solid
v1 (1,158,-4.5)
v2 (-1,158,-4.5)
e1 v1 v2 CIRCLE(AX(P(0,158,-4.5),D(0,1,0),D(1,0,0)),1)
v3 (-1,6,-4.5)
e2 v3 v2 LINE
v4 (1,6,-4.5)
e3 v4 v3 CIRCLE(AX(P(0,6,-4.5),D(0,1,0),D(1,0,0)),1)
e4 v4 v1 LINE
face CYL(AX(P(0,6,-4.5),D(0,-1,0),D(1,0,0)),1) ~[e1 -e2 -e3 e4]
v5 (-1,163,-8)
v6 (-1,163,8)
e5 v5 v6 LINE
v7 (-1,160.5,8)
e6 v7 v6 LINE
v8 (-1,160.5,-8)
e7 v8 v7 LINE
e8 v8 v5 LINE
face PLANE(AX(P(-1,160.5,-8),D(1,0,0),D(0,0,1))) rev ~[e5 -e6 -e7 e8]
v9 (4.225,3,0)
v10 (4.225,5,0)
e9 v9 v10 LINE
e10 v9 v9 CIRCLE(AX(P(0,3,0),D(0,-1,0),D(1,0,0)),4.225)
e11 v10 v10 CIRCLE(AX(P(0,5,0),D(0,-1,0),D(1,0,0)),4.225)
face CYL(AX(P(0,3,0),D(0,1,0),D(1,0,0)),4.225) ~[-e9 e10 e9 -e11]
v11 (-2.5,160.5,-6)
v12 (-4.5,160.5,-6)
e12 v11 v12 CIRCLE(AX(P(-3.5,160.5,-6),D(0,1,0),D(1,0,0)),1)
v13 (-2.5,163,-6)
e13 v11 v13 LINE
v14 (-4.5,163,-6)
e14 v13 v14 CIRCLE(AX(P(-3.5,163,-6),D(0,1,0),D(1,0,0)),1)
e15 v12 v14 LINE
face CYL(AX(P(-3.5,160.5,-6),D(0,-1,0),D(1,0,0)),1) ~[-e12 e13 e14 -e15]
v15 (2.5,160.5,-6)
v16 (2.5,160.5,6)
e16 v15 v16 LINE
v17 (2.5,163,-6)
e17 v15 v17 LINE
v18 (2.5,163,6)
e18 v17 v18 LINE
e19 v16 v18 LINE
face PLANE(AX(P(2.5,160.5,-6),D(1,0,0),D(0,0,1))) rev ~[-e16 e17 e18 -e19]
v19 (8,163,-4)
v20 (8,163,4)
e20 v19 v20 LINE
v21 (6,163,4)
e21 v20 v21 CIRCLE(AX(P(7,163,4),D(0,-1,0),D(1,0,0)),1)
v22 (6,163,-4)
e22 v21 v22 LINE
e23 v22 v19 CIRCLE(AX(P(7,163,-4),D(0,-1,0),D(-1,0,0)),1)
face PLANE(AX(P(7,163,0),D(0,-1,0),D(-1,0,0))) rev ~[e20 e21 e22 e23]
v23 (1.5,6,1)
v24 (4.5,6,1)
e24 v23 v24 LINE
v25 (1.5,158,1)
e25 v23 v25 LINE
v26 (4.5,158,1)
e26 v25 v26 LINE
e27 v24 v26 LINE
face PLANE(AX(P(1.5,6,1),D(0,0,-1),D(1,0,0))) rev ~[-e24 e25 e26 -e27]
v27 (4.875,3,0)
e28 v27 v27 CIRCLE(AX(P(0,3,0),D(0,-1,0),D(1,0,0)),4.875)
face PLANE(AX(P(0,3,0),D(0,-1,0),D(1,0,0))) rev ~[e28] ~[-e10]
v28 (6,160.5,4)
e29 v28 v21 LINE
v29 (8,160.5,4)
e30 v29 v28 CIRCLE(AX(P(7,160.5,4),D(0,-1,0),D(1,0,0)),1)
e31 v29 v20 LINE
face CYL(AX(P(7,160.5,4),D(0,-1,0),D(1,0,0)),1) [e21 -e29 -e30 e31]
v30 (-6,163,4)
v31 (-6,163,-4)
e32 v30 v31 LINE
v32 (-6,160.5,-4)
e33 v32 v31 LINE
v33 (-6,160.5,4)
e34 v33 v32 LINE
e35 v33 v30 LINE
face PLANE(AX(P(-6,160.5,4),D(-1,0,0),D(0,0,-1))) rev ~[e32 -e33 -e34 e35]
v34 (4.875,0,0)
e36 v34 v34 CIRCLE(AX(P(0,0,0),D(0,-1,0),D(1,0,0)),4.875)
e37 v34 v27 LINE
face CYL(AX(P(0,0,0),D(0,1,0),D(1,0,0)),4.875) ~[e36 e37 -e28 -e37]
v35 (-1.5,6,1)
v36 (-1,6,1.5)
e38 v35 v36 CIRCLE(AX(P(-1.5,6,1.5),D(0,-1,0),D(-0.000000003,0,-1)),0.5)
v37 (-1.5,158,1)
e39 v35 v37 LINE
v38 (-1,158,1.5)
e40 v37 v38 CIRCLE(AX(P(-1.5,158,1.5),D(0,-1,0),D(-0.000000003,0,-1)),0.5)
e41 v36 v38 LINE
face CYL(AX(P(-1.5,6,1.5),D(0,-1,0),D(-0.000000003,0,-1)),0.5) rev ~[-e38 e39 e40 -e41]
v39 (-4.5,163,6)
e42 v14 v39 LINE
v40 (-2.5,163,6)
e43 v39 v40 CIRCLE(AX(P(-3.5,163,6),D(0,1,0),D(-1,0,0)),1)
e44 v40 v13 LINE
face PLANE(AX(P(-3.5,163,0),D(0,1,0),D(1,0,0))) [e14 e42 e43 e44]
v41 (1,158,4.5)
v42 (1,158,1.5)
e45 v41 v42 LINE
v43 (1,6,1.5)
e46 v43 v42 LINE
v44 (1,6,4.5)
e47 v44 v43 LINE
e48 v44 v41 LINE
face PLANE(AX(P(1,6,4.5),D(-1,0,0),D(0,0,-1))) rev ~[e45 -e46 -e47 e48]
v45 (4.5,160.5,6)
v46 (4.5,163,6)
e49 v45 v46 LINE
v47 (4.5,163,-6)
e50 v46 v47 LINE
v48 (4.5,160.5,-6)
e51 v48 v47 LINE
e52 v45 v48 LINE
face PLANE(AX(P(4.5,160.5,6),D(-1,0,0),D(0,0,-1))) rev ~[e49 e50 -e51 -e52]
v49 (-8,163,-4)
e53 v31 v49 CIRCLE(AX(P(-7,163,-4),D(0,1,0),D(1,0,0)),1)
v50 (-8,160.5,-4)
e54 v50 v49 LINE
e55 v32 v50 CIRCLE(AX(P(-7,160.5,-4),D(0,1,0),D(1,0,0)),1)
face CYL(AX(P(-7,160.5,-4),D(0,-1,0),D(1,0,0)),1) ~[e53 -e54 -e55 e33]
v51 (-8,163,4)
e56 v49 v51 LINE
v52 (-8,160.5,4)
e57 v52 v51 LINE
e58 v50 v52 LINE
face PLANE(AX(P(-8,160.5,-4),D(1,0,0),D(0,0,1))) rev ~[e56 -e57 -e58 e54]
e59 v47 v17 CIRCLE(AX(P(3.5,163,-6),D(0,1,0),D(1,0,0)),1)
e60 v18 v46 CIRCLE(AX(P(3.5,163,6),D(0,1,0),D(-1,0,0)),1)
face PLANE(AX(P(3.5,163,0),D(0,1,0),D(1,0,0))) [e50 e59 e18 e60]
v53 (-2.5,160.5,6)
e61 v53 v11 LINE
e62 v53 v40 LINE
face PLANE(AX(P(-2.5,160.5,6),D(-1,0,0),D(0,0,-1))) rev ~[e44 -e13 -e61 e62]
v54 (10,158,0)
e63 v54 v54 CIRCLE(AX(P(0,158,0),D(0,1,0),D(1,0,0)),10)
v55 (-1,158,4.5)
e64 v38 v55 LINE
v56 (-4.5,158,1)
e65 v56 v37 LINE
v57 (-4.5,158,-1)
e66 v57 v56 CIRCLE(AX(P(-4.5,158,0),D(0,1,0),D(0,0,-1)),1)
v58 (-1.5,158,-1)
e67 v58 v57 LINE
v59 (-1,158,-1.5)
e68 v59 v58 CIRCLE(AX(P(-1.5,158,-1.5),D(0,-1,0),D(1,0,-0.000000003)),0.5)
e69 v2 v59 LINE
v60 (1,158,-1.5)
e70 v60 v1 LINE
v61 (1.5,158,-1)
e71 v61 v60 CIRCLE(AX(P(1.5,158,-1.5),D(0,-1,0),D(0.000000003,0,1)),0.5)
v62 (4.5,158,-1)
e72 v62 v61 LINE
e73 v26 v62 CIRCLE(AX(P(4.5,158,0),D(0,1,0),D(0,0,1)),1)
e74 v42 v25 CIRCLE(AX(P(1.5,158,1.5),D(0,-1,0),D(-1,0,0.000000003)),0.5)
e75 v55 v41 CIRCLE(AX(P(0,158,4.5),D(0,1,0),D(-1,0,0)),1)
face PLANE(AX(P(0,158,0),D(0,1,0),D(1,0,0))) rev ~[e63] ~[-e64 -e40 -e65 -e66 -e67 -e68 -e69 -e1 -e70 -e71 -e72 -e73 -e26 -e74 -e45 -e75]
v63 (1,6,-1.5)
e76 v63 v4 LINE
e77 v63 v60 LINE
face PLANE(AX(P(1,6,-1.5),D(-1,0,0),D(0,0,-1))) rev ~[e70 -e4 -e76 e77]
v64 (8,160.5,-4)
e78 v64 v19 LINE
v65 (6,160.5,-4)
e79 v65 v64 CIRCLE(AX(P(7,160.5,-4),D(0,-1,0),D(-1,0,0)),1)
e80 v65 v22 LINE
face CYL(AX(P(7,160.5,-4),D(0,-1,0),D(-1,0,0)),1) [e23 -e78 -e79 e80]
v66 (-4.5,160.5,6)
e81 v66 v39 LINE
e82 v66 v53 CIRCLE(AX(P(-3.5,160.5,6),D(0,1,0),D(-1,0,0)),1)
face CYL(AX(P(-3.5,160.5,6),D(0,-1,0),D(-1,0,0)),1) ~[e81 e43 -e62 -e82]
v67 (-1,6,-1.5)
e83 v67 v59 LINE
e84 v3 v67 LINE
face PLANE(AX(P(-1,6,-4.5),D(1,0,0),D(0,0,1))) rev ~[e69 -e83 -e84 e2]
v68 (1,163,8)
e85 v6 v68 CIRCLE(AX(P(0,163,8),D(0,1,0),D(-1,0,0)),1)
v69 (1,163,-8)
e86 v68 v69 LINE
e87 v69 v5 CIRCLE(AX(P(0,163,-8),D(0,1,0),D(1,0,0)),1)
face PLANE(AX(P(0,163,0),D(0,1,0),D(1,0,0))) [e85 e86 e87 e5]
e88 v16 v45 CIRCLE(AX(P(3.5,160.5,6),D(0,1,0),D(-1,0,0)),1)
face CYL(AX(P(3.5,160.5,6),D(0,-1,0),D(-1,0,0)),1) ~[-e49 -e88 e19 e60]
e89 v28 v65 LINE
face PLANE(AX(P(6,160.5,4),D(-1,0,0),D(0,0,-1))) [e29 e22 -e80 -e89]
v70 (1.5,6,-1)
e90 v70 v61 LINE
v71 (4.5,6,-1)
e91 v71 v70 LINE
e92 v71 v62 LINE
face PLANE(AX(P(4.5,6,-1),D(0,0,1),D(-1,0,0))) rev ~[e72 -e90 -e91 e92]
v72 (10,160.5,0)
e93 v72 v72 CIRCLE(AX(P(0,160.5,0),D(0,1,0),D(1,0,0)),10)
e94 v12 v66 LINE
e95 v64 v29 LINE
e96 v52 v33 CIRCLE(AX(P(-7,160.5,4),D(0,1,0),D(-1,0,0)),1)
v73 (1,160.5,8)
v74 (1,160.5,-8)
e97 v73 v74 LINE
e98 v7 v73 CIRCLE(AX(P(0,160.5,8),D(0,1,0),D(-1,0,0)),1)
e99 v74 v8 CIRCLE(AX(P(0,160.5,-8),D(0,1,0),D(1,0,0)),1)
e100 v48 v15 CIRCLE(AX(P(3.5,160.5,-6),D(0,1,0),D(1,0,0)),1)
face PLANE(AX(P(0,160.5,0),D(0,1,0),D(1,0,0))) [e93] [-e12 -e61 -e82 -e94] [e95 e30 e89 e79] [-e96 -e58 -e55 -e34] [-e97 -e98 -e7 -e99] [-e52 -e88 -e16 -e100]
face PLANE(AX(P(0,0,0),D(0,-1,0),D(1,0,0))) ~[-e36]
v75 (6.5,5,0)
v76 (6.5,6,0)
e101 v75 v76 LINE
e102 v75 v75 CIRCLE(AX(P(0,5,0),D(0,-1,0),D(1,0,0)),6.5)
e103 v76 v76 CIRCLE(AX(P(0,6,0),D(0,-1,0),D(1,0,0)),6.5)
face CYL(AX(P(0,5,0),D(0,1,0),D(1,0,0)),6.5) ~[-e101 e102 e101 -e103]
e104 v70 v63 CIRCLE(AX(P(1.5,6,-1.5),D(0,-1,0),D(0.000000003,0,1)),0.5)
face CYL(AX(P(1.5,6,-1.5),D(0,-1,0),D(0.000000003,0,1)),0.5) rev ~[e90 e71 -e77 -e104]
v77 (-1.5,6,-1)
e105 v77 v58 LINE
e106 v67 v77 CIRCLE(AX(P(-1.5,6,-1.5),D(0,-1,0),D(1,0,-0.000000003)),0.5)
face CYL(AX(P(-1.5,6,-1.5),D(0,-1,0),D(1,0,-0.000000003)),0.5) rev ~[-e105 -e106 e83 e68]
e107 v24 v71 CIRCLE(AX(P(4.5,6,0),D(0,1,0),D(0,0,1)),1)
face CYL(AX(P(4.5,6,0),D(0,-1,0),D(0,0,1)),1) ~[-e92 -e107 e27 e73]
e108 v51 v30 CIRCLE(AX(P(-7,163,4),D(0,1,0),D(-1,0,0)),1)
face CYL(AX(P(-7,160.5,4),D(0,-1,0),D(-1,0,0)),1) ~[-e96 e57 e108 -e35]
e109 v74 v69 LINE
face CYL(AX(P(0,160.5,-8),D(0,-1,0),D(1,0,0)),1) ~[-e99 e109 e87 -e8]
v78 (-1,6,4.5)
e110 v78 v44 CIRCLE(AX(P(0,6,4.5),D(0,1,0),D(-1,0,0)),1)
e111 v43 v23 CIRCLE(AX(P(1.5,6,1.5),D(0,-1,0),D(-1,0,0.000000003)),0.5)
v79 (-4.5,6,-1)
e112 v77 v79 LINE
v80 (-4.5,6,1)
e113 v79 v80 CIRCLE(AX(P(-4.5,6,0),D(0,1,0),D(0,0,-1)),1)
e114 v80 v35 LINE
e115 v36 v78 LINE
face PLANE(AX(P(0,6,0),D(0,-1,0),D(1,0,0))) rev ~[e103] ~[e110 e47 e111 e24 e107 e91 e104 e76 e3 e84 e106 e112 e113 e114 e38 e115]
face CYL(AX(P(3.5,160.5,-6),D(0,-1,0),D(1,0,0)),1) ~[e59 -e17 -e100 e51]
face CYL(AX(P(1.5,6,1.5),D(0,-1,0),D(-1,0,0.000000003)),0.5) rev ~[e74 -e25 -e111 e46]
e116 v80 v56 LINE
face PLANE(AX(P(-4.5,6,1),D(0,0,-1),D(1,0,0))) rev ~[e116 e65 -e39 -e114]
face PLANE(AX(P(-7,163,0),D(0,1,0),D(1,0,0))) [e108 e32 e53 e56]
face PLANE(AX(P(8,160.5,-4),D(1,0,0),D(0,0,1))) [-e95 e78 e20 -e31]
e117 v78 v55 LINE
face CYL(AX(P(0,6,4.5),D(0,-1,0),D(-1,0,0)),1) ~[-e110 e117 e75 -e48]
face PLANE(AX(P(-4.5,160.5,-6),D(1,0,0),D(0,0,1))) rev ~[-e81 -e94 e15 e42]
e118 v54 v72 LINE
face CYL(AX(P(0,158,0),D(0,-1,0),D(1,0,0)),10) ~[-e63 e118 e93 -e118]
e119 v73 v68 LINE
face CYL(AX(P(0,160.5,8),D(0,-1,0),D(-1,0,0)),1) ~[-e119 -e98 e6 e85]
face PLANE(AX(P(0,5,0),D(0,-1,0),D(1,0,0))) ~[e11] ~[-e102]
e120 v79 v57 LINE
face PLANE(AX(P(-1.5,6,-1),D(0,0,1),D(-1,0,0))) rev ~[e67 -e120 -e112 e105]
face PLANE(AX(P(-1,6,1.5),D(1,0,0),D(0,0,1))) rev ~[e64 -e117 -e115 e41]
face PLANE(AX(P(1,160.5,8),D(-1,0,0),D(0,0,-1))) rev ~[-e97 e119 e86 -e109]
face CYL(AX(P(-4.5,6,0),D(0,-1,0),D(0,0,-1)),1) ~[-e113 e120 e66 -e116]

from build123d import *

# Parameters (mm, degrees)
BOSS_EXTRUDE1_DEPTH = 152
SKETCH3_R           = 10
BOSS_EXTRUDE2_DEPTH = 2.5
BOSS_EXTRUDE3_DEPTH = 2.5


with BuildPart() as part:
    # Sketch1 → Revolve1 (revolve)
    with BuildSketch(Plane.XY):
        Polygon((0, 0), (4.875, 0), (4.875, 3), (4.225, 3), (4.225, 5), (6.5, 5), (6.5, 6), (0, 6), align=None)
    revolve(axis=Axis((0, 6, 0), (0, -1, 0)))

    # Sketch2 → Boss-Extrude1 (add)
    with BuildSketch(Plane(origin=(0, 6, 0), x_dir=(1, 0, 0), z_dir=(0, 1, 0))):
        with BuildLine():
            Line((-1, 4.5), (-1, 1.5))
            ThreePointArc((-1, 1.5), (-1.146446609, 1.146446609), (-1.5, 1))
            Line((-1.5, 1), (-4.5, 1))
            ThreePointArc((-4.5, 1), (-5.5, 0), (-4.5, -1))
            Line((-4.5, -1), (-1.5, -1))
            ThreePointArc((-1.5, -1), (-1.146446609, -1.146446609), (-1, -1.5))
            Line((-1, -1.5), (-1, -4.5))
            ThreePointArc((-1, -4.5), (0, -5.5), (1, -4.5))
            Line((1, -4.5), (1, -1.5))
            ThreePointArc((1, -1.5), (1.146446609, -1.146446609), (1.5, -1))
            Line((1.5, -1), (4.5, -1))
            ThreePointArc((4.5, -1), (5.5, 0), (4.5, 1))
            Line((4.5, 1), (1.5, 1))
            ThreePointArc((1.5, 1), (1.146446609, 1.146446609), (1, 1.5))
            Line((1, 1.5), (1, 4.5))
            ThreePointArc((1, 4.5), (0, 5.5), (-1, 4.5))
        make_face()
    extrude(amount=BOSS_EXTRUDE1_DEPTH)

    # Sketch3 → Boss-Extrude2 (add)
    with BuildSketch(Plane(origin=(0, 158, 0), x_dir=(1, 0, 0), z_dir=(0, 1, 0))):
        Circle(SKETCH3_R)
    extrude(amount=BOSS_EXTRUDE2_DEPTH)

    # Sketch4 → Boss-Extrude3 (add)
    with BuildSketch(Plane(origin=(0, 160.5, 0), x_dir=(1, 0, 0), z_dir=(0, 1, 0))):
        with BuildLine():
            ThreePointArc((1, 8), (0, 9), (-1, 8))
            Line((-1, 8), (-1, -8))
            ThreePointArc((-1, -8), (0, -9), (1, -8))
            Line((1, -8), (1, 8))
        make_face()
        with BuildLine():
            ThreePointArc((-2.5, 6), (-3.5, 7), (-4.5, 6))
            Line((-4.5, 6), (-4.5, -6))
            ThreePointArc((-4.5, -6), (-3.5, -7), (-2.5, -6))
            Line((-2.5, -6), (-2.5, 6))
        make_face()
        with BuildLine():
            ThreePointArc((4.5, 6), (3.5, 7), (2.5, 6))
            Line((2.5, 6), (2.5, -6))
            ThreePointArc((2.5, -6), (3.5, -7), (4.5, -6))
            Line((4.5, -6), (4.5, 6))
        make_face()
        with BuildLine():
            ThreePointArc((6, 4), (7, 5), (8, 4))
            Line((8, 4), (8, -4))
            ThreePointArc((8, -4), (7, -5), (6, -4))
            Line((6, -4), (6, 4))
        make_face()
        with BuildLine():
            Line((-6, -4), (-6, 4))
            ThreePointArc((-6, 4), (-7, 5), (-8, 4))
            Line((-8, 4), (-8, -4))
            ThreePointArc((-8, -4), (-7, -5), (-6, -4))
        make_face()
    extrude(amount=BOSS_EXTRUDE3_DEPTH)


solid = part.part
